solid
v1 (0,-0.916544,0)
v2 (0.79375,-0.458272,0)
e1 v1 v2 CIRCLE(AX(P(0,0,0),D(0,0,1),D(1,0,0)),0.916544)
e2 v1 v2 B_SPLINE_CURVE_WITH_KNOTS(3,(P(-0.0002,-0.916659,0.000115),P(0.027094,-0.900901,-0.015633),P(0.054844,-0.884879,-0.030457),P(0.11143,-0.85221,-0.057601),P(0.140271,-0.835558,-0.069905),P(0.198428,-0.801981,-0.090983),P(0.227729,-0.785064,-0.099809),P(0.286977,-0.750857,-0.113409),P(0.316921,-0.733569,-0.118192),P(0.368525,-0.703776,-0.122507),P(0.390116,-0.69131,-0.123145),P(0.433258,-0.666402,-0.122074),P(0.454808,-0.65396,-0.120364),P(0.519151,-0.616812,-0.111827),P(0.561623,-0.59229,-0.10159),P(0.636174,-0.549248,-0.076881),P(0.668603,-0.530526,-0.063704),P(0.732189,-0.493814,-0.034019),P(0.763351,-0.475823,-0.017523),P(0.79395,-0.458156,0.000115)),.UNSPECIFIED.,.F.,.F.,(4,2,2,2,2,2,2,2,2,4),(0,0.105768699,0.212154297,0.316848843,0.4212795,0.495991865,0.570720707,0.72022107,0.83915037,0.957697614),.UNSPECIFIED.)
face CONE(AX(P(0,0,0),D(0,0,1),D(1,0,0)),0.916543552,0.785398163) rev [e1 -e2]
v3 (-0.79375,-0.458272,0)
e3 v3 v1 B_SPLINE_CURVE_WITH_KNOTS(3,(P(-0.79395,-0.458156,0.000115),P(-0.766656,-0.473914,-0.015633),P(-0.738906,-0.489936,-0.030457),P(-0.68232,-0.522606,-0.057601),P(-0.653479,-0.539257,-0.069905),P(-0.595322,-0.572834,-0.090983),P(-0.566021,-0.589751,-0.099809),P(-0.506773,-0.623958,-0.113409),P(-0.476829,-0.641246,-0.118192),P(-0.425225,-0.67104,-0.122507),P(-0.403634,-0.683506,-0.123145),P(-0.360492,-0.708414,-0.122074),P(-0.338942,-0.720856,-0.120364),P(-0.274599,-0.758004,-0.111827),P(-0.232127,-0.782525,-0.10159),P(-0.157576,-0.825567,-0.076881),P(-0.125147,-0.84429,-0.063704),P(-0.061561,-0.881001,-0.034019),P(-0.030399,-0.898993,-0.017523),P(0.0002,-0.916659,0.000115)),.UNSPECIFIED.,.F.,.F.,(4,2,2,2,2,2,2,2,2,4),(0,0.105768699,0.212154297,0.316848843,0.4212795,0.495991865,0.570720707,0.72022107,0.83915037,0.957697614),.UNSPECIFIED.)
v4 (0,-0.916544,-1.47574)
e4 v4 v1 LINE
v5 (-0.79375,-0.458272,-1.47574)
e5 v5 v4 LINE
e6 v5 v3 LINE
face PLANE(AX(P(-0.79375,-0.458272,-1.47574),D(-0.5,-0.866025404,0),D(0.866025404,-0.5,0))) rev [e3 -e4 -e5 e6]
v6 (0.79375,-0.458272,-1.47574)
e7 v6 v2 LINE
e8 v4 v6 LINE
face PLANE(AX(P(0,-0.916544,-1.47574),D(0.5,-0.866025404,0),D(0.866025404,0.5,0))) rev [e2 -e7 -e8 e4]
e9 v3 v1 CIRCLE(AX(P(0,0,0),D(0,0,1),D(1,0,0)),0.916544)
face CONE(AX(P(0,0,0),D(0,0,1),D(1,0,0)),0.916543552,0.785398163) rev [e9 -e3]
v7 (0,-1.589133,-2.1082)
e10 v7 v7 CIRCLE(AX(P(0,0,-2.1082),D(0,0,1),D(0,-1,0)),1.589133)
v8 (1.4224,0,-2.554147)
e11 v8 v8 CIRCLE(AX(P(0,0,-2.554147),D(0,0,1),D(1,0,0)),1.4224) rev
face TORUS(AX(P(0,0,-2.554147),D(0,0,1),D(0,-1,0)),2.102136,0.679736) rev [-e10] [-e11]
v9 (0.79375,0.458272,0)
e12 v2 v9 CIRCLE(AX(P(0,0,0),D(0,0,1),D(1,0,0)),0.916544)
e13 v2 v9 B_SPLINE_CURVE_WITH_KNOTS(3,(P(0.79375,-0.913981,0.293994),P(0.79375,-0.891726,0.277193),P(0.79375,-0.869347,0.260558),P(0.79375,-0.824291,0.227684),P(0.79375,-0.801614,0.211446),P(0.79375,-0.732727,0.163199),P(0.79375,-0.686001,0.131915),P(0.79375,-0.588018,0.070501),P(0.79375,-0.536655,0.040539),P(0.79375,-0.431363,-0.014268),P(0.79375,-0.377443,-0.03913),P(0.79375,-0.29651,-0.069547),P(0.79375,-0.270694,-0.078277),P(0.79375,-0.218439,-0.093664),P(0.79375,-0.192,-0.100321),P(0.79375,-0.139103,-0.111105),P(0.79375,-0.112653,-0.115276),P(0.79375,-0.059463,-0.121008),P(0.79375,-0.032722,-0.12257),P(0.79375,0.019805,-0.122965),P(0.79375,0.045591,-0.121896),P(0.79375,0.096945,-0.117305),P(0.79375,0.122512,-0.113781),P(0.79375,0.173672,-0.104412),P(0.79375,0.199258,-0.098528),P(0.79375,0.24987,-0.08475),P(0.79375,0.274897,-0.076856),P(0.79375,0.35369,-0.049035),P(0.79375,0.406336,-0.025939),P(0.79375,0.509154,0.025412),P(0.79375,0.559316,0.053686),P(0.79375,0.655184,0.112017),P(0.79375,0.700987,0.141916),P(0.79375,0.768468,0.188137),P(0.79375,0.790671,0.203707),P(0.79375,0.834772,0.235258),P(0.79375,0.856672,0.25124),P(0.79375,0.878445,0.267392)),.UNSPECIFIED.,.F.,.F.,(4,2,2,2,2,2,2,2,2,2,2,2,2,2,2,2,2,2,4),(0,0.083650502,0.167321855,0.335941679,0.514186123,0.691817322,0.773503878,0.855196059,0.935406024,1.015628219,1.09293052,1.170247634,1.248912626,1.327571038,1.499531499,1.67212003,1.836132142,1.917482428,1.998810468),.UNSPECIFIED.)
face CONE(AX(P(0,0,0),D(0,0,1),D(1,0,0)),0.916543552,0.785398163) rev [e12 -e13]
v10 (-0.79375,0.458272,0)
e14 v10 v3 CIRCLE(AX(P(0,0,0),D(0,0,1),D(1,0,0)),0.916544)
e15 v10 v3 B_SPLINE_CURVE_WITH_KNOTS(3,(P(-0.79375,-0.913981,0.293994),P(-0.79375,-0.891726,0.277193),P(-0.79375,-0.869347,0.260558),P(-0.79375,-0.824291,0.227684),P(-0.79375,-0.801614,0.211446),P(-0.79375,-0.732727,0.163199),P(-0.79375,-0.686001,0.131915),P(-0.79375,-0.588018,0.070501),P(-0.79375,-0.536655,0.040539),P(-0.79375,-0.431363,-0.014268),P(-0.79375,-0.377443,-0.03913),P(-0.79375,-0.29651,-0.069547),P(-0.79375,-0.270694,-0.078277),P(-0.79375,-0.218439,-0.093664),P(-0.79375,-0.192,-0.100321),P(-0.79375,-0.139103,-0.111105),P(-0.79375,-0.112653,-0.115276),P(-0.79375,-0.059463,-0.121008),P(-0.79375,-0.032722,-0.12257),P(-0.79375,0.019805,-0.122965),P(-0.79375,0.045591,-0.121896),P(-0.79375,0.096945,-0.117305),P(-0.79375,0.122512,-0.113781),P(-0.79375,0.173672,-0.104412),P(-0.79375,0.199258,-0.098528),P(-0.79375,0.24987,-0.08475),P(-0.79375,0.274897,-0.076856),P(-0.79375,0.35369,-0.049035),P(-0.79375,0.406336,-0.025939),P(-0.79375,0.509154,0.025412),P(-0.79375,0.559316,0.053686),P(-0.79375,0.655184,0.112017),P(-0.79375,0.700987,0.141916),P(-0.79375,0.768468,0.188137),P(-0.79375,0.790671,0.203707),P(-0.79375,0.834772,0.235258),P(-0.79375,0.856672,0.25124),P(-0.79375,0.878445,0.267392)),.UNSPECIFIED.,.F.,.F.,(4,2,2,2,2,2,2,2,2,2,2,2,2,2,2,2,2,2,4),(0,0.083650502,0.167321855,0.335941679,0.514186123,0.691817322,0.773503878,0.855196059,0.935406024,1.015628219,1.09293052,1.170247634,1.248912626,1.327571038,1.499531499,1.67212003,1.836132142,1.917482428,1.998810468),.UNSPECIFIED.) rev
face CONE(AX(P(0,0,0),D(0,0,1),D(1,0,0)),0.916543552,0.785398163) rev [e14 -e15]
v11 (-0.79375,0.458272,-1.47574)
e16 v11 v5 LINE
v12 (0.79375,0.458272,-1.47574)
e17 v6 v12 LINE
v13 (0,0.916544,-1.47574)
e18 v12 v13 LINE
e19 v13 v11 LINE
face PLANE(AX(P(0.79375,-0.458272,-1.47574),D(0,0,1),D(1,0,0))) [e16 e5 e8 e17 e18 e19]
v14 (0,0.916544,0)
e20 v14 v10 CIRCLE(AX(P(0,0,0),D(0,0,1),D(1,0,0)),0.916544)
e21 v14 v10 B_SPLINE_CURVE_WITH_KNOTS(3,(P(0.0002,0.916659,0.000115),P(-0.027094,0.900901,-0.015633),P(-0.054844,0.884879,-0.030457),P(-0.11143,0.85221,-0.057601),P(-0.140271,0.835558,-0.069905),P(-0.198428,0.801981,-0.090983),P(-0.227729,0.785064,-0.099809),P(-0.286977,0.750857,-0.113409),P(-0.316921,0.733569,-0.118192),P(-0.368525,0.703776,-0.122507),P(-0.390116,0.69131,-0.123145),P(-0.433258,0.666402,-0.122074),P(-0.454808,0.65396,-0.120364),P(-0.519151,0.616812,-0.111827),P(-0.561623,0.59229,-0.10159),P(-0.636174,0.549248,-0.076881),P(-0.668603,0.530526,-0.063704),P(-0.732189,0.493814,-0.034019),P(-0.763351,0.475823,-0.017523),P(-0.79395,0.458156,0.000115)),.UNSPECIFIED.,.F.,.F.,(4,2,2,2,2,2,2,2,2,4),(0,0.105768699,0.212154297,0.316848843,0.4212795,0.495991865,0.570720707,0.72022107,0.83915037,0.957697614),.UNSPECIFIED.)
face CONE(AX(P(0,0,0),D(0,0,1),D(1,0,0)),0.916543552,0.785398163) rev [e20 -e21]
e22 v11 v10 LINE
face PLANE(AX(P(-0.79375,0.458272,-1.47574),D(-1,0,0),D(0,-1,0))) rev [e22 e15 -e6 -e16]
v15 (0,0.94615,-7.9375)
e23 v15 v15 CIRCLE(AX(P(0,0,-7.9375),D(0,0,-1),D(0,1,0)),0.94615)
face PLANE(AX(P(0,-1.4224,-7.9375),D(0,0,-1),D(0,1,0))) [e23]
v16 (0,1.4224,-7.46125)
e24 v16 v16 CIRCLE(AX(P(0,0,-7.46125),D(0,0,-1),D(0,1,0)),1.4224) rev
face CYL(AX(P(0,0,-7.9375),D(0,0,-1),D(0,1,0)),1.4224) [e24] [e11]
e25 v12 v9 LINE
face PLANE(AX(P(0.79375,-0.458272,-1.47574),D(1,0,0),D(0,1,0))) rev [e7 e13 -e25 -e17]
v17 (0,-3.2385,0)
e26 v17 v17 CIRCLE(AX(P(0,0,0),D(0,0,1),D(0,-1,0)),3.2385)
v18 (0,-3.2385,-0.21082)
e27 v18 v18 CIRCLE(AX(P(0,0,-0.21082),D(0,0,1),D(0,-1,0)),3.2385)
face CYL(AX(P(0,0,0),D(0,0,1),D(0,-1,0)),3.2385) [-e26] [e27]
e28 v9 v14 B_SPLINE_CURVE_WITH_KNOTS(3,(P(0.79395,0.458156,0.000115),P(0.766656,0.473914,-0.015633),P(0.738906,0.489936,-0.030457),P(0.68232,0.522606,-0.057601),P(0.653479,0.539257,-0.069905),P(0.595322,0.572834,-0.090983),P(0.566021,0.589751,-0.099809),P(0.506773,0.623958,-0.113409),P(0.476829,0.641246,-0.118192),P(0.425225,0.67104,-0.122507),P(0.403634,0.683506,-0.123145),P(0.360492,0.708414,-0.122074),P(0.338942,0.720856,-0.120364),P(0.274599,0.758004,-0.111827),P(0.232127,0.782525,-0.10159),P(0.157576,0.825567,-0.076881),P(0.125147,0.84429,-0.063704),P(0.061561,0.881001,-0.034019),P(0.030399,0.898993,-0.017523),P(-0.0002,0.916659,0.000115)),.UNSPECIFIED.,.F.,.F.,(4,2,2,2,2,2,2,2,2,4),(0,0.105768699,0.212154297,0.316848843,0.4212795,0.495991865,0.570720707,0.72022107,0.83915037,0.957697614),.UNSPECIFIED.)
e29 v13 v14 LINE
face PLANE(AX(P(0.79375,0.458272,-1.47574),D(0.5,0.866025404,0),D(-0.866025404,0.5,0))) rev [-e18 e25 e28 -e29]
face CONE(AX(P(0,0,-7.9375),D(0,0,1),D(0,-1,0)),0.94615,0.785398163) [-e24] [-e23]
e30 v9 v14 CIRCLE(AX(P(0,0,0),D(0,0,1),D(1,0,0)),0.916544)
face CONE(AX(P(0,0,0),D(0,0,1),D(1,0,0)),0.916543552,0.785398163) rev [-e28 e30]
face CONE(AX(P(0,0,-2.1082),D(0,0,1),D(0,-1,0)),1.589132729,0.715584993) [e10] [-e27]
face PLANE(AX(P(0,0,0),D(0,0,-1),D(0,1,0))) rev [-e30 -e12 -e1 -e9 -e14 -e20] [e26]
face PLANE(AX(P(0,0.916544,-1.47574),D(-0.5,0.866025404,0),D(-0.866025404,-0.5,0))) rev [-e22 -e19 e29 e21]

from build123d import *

# Parameters (mm, degrees)
SKETCH1_W          = 7.9375
SKETCH1_H          = 1.4224
CHAMFER1_SIZE      = 0.47625
CUT_EXTRUDE2_DEPTH = 1.47574


with BuildPart() as part:
    # Sketch1 → Revolve1 (revolve)
    with BuildSketch(Plane(origin=(0, 0, 0), x_dir=(0, 0, -1), z_dir=(1, 0, 0))):
        with Locations((3.96875, 0.7112)):
            Rectangle(SKETCH1_W, SKETCH1_H)
    revolve(axis=Axis((0, 0, -7.9375), (0, 0, 1)))

    # Chamfer1
    chamfer1_edges = [part.edges().sort_by_distance(p)[0] for p in [
        (0, -1.4224, -7.9375),
    ]]
    chamfer(chamfer1_edges, length=CHAMFER1_SIZE)


with BuildPart() as body_2:
    # Sketch7 → Revolve2 (revolve)
    with BuildSketch(Plane(origin=(0, 0, 0), x_dir=(0, 0, -1), z_dir=(1, 0, 0)), mode=Mode.PRIVATE) as revolve2_sk:
        with BuildLine():
            Line((0, 3.2385), (0.21082, 3.2385))
            Line((0.21082, 3.2385), (2.1082, 1.589132729))
            ThreePointArc((2.1082, 1.589132729), (2.316098376, 1.465446193), (2.554146942, 1.4224))
            Line((2.554146942, 1.4224), (2.554146942, 0))
            Line((2.554146942, 0), (0, 0))
            Line((0, 0), (0, 3.2385))
        make_face()
    revolve(revolve2_sk.sketch.rotate(Axis((0, 0, 0), (0, 0, -1)), 180), axis=Axis((0, 0, 0), (0, 0, -1)))

    # Boss-Extrude1 cone 1 section (through the dimple's axis) → Boss-Extrude1 (revolve)
    with BuildSketch(Plane(origin=(0, 0, -2.554146942), x_dir=(0, -1, 0), z_dir=(1, 0, 0))):
        Polygon((0, 0), (1.4224, 0), (0, 1.4224), align=None)
    revolve(axis=Axis((0, 0, -2.554146942), (0, 0, -1)))

    # Combine1: union part
    add(part.part)

    # Sketch5 → Cut-Extrude2 (cut)
    with BuildSketch(Plane.XY):
        Polygon((0.79375, -0.458271776), (0.79375, 0.458271776), (0, 0.916543552), (-0.79375, 0.458271776), (-0.79375, -0.458271776), (0, -0.916543552), align=None)
    extrude(amount=-CUT_EXTRUDE2_DEPTH, mode=Mode.SUBTRACT)

    # Cut-Extrude3 cone 1 section (through the dimple's axis) → Cut-Extrude3 (revolve, cut)
    with BuildSketch(Plane(origin=(0, 0, 0), x_dir=(0, -1, 0), z_dir=(1, 0, 0))):
        Polygon((0, 0), (0.916543552, 0), (0, 0.916543552), align=None)
    revolve(axis=Axis((0, 0, 0), (0, 0, -1)), mode=Mode.SUBTRACT)


solid = body_2.part
